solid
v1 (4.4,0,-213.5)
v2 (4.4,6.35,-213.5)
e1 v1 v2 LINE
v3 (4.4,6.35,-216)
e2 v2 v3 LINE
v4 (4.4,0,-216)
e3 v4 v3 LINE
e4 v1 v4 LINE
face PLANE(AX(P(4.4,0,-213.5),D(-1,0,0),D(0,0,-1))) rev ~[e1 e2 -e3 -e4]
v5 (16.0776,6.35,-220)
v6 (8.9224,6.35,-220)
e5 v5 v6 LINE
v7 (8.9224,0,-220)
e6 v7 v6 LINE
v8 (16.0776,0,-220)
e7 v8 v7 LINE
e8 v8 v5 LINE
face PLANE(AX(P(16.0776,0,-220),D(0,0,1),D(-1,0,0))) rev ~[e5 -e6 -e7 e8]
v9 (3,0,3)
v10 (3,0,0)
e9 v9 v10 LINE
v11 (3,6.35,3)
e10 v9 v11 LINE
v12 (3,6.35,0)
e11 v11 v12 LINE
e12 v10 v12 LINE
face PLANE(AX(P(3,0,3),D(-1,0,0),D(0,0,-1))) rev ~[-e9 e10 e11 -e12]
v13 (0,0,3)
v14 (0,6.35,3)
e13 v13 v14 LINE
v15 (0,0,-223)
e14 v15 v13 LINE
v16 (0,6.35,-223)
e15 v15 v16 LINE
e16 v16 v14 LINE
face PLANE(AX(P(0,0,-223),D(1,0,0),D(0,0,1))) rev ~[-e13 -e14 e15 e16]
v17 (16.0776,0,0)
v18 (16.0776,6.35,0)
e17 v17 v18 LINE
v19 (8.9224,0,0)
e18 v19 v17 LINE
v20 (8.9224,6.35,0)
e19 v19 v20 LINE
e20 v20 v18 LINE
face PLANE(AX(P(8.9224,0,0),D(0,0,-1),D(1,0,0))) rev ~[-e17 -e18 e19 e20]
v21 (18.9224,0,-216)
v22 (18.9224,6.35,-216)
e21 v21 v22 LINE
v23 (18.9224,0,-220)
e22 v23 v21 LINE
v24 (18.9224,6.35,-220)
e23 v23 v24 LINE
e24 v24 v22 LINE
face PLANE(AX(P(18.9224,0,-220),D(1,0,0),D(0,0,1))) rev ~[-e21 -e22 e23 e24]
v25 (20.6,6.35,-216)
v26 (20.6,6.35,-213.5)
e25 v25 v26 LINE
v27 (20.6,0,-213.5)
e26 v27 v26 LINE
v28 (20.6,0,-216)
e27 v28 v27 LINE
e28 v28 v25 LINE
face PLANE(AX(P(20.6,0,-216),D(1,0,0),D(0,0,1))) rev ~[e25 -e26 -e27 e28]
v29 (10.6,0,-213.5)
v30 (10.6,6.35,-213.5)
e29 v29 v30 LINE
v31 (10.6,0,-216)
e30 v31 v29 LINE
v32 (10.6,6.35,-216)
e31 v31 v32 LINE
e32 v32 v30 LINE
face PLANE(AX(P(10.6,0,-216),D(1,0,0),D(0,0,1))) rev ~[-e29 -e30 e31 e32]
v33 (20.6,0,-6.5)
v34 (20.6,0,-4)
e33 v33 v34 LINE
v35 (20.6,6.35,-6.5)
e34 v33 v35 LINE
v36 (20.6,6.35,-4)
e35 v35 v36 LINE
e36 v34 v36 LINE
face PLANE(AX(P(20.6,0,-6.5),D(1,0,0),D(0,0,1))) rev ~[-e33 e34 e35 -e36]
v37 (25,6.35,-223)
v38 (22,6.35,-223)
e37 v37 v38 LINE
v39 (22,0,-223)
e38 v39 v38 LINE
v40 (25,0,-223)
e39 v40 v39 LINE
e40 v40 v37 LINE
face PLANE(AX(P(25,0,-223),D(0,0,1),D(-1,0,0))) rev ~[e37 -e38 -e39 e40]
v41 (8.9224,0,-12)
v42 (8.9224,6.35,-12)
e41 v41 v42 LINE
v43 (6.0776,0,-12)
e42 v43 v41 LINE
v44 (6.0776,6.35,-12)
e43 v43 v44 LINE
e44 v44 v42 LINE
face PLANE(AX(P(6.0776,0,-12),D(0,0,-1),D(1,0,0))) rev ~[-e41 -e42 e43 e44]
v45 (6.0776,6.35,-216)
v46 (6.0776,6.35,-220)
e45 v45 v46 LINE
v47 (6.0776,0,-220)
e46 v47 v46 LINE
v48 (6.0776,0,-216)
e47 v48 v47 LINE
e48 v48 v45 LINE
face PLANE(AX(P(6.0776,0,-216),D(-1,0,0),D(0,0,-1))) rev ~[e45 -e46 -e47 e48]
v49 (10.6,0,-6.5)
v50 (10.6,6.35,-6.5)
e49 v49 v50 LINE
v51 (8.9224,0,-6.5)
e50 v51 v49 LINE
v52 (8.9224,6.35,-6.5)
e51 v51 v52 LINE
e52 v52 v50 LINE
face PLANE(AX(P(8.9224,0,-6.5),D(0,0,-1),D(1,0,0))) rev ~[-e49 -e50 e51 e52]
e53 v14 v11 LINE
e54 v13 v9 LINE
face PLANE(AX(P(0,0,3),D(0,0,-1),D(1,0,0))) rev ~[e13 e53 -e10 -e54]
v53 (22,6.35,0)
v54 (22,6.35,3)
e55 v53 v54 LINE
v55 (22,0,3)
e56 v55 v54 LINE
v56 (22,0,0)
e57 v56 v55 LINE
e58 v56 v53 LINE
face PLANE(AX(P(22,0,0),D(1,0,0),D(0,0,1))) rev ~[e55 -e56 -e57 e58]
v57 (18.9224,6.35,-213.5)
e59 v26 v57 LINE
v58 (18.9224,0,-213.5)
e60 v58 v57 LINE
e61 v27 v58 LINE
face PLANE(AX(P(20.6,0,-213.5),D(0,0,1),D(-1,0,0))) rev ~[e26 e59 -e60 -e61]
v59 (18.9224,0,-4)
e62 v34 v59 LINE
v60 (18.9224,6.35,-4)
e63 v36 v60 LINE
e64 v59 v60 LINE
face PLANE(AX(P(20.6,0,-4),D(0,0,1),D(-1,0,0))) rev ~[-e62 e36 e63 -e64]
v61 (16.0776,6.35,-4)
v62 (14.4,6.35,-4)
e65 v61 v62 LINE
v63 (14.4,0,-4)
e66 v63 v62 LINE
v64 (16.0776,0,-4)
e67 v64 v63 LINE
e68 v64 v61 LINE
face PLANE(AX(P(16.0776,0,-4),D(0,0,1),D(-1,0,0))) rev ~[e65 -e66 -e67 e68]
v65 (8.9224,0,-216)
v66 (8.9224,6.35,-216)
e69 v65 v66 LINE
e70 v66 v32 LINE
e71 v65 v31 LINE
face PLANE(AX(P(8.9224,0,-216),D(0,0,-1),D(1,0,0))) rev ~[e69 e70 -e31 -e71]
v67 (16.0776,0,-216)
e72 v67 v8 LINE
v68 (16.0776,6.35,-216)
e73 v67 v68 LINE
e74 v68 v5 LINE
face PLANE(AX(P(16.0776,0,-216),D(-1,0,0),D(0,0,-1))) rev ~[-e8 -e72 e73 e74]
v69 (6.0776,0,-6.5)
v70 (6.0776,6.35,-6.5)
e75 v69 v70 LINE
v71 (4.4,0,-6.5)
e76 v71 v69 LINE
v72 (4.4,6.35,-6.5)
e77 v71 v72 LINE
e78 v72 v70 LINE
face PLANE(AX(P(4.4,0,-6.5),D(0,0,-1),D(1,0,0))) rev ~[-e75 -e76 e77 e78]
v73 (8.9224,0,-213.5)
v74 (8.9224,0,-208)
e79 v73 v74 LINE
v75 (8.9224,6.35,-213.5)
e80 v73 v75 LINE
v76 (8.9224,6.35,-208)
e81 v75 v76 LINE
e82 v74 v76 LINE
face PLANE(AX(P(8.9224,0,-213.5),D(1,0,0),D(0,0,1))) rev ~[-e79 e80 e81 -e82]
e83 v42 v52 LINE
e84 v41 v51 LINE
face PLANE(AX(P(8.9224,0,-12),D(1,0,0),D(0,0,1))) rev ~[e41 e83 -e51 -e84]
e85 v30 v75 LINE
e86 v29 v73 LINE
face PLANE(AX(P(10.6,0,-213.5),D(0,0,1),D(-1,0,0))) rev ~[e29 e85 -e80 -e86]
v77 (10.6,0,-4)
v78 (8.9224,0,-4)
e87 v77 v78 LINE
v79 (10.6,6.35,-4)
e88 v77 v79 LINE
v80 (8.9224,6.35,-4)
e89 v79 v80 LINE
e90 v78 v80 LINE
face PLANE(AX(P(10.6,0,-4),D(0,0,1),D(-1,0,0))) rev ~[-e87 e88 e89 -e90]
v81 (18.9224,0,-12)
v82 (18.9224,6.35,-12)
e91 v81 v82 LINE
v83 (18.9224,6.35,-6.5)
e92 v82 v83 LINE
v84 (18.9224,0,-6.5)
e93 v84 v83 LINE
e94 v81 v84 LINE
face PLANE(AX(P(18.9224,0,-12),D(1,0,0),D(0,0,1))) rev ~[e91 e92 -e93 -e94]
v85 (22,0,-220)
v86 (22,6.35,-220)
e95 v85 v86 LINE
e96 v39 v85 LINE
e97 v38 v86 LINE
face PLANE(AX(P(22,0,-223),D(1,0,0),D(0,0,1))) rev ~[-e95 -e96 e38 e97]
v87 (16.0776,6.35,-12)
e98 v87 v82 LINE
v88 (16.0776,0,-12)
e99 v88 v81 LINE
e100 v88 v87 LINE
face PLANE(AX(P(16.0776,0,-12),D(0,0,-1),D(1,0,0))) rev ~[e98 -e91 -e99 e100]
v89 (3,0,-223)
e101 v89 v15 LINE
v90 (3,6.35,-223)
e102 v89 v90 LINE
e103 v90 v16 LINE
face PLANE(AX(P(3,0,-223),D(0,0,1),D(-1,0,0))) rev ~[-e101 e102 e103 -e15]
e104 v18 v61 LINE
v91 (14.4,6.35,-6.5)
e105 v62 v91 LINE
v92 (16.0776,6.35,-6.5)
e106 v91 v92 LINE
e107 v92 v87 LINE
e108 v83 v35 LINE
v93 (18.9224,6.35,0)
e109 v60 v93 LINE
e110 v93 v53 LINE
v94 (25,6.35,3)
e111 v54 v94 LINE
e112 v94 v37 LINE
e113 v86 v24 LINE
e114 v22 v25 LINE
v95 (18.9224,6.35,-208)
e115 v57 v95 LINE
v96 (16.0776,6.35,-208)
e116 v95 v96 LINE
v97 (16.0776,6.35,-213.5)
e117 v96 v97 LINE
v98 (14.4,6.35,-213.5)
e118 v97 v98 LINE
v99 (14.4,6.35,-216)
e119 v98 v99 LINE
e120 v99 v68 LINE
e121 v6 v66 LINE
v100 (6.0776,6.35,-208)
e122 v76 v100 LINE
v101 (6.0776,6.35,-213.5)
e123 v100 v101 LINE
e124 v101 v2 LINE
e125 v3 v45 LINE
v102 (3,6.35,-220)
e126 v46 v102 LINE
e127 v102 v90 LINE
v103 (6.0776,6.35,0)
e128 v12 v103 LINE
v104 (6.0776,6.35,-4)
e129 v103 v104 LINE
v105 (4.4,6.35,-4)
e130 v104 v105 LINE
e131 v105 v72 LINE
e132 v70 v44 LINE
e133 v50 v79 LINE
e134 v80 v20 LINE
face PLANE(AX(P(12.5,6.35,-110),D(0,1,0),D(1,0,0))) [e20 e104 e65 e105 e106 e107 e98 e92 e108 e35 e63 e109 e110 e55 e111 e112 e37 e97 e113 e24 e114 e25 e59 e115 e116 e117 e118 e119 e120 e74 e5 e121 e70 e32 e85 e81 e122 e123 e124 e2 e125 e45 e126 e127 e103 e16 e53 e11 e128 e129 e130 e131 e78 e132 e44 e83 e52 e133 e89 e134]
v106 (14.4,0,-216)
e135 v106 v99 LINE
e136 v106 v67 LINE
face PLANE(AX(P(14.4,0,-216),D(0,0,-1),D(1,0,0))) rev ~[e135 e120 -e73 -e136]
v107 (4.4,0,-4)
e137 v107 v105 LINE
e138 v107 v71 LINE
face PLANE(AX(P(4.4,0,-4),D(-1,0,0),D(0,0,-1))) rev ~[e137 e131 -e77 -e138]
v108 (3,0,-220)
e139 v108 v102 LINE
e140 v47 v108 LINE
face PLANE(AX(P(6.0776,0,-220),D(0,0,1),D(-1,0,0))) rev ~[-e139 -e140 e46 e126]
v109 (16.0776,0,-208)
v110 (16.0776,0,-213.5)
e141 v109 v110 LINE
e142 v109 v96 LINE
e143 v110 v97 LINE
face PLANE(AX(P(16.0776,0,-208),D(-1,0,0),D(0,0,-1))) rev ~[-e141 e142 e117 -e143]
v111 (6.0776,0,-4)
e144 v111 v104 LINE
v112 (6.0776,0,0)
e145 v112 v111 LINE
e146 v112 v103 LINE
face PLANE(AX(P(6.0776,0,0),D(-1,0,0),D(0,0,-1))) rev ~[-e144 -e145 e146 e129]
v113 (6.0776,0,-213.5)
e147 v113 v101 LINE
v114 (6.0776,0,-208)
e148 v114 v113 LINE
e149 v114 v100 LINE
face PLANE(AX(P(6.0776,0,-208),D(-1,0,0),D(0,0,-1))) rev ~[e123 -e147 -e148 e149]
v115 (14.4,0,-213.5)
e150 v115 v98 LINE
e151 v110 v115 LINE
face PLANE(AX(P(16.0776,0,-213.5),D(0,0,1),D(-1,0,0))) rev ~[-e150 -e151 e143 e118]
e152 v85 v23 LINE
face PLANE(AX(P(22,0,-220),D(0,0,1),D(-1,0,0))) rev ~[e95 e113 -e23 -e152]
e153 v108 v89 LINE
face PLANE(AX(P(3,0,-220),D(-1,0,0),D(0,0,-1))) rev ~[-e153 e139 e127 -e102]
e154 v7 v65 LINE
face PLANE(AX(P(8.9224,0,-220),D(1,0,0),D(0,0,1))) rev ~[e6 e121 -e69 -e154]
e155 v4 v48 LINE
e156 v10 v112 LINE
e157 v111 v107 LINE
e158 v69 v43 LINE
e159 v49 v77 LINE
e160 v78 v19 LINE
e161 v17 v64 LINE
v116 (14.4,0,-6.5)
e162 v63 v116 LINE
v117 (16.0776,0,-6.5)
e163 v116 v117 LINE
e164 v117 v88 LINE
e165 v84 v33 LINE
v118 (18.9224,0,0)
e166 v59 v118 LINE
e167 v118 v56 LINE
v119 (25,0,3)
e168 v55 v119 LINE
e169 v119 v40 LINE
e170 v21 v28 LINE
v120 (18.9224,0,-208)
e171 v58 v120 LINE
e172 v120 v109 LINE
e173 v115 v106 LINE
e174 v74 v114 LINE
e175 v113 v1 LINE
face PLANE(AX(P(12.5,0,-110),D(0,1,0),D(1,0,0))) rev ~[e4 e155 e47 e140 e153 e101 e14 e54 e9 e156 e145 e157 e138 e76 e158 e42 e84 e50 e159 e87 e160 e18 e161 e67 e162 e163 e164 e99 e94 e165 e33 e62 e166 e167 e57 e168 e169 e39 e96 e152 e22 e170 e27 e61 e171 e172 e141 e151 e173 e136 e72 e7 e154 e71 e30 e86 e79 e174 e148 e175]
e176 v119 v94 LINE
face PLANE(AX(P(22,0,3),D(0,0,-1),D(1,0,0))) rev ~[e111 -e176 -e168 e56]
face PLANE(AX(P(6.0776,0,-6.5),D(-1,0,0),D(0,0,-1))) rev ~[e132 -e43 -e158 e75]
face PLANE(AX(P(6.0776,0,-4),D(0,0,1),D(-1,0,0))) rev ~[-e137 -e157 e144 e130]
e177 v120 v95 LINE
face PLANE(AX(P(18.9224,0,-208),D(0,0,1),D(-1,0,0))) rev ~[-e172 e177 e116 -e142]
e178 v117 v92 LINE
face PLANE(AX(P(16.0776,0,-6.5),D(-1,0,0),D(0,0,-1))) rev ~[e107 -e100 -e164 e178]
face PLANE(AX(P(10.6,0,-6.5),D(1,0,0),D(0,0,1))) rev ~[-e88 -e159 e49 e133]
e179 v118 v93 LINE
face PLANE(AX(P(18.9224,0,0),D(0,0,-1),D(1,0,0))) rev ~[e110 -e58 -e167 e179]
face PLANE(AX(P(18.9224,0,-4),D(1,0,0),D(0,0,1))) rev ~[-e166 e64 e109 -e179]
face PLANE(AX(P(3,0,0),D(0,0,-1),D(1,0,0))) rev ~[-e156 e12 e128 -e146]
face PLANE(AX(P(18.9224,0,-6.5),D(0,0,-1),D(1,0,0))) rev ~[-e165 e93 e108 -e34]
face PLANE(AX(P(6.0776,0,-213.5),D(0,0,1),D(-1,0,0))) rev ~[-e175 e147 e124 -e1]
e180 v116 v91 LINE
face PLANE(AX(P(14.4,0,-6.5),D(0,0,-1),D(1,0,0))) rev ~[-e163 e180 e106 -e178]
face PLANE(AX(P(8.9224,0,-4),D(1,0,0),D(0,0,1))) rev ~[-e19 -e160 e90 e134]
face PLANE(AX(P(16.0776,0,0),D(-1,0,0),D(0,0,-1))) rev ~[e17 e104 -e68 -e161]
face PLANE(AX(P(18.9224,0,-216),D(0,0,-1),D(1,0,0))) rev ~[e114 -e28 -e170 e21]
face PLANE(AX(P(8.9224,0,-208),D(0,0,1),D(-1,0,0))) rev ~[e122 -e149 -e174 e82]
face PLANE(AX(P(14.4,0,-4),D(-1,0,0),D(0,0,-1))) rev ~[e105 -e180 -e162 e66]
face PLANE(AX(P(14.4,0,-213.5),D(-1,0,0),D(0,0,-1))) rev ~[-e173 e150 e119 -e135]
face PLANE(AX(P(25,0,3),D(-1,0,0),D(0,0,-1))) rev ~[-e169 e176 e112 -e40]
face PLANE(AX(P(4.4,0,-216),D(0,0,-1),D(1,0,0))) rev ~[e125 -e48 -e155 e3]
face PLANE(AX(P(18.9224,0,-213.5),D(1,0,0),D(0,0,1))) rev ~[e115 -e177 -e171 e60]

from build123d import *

# Parameters (mm, degrees)
BOSS_EXTRUDE1_DEPTH = 6.35


with BuildPart() as part:
    # Sketch1 → Boss-Extrude1 (new body)
    with BuildSketch(Plane(origin=(0, 0, 0), x_dir=(1, 0, 0), z_dir=(0, 1, 0))):
        Polygon((8.9224, 220), (8.9224, 216), (10.6, 216), (10.6, 213.5), (8.9224, 213.5), (8.9224, 208), (6.0776, 208), (6.0776, 213.5), (4.4, 213.5), (4.4, 216), (6.0776, 216), (6.0776, 220), (3, 220), (3, 223), (0, 223), (0, 220), (0, 0), (0, -3), (3, -3), (3, 0), (6.0776, 0), (6.0776, 4), (4.4, 4), (4.4, 6.5), (6.0776, 6.5), (6.0776, 12), (8.9224, 12), (8.9224, 6.5), (10.6, 6.5), (10.6, 4), (8.9224, 4), (8.9224, 0), (16.0776, 0), (16.0776, 4), (14.4, 4), (14.4, 6.5), (16.0776, 6.5), (16.0776, 12), (18.9224, 12), (18.9224, 6.5), (20.6, 6.5), (20.6, 4), (18.9224, 4), (18.9224, 0), (22, 0), (22, -3), (25, -3), (25, 0), (25, 220), (25, 223), (22, 223), (22, 220), (18.9224, 220), (18.9224, 216), (20.6, 216), (20.6, 213.5), (18.9224, 213.5), (18.9224, 208), (16.0776, 208), (16.0776, 213.5), (14.4, 213.5), (14.4, 216), (16.0776, 216), (16.0776, 220), align=None)
    extrude(amount=BOSS_EXTRUDE1_DEPTH)


solid = part.part
